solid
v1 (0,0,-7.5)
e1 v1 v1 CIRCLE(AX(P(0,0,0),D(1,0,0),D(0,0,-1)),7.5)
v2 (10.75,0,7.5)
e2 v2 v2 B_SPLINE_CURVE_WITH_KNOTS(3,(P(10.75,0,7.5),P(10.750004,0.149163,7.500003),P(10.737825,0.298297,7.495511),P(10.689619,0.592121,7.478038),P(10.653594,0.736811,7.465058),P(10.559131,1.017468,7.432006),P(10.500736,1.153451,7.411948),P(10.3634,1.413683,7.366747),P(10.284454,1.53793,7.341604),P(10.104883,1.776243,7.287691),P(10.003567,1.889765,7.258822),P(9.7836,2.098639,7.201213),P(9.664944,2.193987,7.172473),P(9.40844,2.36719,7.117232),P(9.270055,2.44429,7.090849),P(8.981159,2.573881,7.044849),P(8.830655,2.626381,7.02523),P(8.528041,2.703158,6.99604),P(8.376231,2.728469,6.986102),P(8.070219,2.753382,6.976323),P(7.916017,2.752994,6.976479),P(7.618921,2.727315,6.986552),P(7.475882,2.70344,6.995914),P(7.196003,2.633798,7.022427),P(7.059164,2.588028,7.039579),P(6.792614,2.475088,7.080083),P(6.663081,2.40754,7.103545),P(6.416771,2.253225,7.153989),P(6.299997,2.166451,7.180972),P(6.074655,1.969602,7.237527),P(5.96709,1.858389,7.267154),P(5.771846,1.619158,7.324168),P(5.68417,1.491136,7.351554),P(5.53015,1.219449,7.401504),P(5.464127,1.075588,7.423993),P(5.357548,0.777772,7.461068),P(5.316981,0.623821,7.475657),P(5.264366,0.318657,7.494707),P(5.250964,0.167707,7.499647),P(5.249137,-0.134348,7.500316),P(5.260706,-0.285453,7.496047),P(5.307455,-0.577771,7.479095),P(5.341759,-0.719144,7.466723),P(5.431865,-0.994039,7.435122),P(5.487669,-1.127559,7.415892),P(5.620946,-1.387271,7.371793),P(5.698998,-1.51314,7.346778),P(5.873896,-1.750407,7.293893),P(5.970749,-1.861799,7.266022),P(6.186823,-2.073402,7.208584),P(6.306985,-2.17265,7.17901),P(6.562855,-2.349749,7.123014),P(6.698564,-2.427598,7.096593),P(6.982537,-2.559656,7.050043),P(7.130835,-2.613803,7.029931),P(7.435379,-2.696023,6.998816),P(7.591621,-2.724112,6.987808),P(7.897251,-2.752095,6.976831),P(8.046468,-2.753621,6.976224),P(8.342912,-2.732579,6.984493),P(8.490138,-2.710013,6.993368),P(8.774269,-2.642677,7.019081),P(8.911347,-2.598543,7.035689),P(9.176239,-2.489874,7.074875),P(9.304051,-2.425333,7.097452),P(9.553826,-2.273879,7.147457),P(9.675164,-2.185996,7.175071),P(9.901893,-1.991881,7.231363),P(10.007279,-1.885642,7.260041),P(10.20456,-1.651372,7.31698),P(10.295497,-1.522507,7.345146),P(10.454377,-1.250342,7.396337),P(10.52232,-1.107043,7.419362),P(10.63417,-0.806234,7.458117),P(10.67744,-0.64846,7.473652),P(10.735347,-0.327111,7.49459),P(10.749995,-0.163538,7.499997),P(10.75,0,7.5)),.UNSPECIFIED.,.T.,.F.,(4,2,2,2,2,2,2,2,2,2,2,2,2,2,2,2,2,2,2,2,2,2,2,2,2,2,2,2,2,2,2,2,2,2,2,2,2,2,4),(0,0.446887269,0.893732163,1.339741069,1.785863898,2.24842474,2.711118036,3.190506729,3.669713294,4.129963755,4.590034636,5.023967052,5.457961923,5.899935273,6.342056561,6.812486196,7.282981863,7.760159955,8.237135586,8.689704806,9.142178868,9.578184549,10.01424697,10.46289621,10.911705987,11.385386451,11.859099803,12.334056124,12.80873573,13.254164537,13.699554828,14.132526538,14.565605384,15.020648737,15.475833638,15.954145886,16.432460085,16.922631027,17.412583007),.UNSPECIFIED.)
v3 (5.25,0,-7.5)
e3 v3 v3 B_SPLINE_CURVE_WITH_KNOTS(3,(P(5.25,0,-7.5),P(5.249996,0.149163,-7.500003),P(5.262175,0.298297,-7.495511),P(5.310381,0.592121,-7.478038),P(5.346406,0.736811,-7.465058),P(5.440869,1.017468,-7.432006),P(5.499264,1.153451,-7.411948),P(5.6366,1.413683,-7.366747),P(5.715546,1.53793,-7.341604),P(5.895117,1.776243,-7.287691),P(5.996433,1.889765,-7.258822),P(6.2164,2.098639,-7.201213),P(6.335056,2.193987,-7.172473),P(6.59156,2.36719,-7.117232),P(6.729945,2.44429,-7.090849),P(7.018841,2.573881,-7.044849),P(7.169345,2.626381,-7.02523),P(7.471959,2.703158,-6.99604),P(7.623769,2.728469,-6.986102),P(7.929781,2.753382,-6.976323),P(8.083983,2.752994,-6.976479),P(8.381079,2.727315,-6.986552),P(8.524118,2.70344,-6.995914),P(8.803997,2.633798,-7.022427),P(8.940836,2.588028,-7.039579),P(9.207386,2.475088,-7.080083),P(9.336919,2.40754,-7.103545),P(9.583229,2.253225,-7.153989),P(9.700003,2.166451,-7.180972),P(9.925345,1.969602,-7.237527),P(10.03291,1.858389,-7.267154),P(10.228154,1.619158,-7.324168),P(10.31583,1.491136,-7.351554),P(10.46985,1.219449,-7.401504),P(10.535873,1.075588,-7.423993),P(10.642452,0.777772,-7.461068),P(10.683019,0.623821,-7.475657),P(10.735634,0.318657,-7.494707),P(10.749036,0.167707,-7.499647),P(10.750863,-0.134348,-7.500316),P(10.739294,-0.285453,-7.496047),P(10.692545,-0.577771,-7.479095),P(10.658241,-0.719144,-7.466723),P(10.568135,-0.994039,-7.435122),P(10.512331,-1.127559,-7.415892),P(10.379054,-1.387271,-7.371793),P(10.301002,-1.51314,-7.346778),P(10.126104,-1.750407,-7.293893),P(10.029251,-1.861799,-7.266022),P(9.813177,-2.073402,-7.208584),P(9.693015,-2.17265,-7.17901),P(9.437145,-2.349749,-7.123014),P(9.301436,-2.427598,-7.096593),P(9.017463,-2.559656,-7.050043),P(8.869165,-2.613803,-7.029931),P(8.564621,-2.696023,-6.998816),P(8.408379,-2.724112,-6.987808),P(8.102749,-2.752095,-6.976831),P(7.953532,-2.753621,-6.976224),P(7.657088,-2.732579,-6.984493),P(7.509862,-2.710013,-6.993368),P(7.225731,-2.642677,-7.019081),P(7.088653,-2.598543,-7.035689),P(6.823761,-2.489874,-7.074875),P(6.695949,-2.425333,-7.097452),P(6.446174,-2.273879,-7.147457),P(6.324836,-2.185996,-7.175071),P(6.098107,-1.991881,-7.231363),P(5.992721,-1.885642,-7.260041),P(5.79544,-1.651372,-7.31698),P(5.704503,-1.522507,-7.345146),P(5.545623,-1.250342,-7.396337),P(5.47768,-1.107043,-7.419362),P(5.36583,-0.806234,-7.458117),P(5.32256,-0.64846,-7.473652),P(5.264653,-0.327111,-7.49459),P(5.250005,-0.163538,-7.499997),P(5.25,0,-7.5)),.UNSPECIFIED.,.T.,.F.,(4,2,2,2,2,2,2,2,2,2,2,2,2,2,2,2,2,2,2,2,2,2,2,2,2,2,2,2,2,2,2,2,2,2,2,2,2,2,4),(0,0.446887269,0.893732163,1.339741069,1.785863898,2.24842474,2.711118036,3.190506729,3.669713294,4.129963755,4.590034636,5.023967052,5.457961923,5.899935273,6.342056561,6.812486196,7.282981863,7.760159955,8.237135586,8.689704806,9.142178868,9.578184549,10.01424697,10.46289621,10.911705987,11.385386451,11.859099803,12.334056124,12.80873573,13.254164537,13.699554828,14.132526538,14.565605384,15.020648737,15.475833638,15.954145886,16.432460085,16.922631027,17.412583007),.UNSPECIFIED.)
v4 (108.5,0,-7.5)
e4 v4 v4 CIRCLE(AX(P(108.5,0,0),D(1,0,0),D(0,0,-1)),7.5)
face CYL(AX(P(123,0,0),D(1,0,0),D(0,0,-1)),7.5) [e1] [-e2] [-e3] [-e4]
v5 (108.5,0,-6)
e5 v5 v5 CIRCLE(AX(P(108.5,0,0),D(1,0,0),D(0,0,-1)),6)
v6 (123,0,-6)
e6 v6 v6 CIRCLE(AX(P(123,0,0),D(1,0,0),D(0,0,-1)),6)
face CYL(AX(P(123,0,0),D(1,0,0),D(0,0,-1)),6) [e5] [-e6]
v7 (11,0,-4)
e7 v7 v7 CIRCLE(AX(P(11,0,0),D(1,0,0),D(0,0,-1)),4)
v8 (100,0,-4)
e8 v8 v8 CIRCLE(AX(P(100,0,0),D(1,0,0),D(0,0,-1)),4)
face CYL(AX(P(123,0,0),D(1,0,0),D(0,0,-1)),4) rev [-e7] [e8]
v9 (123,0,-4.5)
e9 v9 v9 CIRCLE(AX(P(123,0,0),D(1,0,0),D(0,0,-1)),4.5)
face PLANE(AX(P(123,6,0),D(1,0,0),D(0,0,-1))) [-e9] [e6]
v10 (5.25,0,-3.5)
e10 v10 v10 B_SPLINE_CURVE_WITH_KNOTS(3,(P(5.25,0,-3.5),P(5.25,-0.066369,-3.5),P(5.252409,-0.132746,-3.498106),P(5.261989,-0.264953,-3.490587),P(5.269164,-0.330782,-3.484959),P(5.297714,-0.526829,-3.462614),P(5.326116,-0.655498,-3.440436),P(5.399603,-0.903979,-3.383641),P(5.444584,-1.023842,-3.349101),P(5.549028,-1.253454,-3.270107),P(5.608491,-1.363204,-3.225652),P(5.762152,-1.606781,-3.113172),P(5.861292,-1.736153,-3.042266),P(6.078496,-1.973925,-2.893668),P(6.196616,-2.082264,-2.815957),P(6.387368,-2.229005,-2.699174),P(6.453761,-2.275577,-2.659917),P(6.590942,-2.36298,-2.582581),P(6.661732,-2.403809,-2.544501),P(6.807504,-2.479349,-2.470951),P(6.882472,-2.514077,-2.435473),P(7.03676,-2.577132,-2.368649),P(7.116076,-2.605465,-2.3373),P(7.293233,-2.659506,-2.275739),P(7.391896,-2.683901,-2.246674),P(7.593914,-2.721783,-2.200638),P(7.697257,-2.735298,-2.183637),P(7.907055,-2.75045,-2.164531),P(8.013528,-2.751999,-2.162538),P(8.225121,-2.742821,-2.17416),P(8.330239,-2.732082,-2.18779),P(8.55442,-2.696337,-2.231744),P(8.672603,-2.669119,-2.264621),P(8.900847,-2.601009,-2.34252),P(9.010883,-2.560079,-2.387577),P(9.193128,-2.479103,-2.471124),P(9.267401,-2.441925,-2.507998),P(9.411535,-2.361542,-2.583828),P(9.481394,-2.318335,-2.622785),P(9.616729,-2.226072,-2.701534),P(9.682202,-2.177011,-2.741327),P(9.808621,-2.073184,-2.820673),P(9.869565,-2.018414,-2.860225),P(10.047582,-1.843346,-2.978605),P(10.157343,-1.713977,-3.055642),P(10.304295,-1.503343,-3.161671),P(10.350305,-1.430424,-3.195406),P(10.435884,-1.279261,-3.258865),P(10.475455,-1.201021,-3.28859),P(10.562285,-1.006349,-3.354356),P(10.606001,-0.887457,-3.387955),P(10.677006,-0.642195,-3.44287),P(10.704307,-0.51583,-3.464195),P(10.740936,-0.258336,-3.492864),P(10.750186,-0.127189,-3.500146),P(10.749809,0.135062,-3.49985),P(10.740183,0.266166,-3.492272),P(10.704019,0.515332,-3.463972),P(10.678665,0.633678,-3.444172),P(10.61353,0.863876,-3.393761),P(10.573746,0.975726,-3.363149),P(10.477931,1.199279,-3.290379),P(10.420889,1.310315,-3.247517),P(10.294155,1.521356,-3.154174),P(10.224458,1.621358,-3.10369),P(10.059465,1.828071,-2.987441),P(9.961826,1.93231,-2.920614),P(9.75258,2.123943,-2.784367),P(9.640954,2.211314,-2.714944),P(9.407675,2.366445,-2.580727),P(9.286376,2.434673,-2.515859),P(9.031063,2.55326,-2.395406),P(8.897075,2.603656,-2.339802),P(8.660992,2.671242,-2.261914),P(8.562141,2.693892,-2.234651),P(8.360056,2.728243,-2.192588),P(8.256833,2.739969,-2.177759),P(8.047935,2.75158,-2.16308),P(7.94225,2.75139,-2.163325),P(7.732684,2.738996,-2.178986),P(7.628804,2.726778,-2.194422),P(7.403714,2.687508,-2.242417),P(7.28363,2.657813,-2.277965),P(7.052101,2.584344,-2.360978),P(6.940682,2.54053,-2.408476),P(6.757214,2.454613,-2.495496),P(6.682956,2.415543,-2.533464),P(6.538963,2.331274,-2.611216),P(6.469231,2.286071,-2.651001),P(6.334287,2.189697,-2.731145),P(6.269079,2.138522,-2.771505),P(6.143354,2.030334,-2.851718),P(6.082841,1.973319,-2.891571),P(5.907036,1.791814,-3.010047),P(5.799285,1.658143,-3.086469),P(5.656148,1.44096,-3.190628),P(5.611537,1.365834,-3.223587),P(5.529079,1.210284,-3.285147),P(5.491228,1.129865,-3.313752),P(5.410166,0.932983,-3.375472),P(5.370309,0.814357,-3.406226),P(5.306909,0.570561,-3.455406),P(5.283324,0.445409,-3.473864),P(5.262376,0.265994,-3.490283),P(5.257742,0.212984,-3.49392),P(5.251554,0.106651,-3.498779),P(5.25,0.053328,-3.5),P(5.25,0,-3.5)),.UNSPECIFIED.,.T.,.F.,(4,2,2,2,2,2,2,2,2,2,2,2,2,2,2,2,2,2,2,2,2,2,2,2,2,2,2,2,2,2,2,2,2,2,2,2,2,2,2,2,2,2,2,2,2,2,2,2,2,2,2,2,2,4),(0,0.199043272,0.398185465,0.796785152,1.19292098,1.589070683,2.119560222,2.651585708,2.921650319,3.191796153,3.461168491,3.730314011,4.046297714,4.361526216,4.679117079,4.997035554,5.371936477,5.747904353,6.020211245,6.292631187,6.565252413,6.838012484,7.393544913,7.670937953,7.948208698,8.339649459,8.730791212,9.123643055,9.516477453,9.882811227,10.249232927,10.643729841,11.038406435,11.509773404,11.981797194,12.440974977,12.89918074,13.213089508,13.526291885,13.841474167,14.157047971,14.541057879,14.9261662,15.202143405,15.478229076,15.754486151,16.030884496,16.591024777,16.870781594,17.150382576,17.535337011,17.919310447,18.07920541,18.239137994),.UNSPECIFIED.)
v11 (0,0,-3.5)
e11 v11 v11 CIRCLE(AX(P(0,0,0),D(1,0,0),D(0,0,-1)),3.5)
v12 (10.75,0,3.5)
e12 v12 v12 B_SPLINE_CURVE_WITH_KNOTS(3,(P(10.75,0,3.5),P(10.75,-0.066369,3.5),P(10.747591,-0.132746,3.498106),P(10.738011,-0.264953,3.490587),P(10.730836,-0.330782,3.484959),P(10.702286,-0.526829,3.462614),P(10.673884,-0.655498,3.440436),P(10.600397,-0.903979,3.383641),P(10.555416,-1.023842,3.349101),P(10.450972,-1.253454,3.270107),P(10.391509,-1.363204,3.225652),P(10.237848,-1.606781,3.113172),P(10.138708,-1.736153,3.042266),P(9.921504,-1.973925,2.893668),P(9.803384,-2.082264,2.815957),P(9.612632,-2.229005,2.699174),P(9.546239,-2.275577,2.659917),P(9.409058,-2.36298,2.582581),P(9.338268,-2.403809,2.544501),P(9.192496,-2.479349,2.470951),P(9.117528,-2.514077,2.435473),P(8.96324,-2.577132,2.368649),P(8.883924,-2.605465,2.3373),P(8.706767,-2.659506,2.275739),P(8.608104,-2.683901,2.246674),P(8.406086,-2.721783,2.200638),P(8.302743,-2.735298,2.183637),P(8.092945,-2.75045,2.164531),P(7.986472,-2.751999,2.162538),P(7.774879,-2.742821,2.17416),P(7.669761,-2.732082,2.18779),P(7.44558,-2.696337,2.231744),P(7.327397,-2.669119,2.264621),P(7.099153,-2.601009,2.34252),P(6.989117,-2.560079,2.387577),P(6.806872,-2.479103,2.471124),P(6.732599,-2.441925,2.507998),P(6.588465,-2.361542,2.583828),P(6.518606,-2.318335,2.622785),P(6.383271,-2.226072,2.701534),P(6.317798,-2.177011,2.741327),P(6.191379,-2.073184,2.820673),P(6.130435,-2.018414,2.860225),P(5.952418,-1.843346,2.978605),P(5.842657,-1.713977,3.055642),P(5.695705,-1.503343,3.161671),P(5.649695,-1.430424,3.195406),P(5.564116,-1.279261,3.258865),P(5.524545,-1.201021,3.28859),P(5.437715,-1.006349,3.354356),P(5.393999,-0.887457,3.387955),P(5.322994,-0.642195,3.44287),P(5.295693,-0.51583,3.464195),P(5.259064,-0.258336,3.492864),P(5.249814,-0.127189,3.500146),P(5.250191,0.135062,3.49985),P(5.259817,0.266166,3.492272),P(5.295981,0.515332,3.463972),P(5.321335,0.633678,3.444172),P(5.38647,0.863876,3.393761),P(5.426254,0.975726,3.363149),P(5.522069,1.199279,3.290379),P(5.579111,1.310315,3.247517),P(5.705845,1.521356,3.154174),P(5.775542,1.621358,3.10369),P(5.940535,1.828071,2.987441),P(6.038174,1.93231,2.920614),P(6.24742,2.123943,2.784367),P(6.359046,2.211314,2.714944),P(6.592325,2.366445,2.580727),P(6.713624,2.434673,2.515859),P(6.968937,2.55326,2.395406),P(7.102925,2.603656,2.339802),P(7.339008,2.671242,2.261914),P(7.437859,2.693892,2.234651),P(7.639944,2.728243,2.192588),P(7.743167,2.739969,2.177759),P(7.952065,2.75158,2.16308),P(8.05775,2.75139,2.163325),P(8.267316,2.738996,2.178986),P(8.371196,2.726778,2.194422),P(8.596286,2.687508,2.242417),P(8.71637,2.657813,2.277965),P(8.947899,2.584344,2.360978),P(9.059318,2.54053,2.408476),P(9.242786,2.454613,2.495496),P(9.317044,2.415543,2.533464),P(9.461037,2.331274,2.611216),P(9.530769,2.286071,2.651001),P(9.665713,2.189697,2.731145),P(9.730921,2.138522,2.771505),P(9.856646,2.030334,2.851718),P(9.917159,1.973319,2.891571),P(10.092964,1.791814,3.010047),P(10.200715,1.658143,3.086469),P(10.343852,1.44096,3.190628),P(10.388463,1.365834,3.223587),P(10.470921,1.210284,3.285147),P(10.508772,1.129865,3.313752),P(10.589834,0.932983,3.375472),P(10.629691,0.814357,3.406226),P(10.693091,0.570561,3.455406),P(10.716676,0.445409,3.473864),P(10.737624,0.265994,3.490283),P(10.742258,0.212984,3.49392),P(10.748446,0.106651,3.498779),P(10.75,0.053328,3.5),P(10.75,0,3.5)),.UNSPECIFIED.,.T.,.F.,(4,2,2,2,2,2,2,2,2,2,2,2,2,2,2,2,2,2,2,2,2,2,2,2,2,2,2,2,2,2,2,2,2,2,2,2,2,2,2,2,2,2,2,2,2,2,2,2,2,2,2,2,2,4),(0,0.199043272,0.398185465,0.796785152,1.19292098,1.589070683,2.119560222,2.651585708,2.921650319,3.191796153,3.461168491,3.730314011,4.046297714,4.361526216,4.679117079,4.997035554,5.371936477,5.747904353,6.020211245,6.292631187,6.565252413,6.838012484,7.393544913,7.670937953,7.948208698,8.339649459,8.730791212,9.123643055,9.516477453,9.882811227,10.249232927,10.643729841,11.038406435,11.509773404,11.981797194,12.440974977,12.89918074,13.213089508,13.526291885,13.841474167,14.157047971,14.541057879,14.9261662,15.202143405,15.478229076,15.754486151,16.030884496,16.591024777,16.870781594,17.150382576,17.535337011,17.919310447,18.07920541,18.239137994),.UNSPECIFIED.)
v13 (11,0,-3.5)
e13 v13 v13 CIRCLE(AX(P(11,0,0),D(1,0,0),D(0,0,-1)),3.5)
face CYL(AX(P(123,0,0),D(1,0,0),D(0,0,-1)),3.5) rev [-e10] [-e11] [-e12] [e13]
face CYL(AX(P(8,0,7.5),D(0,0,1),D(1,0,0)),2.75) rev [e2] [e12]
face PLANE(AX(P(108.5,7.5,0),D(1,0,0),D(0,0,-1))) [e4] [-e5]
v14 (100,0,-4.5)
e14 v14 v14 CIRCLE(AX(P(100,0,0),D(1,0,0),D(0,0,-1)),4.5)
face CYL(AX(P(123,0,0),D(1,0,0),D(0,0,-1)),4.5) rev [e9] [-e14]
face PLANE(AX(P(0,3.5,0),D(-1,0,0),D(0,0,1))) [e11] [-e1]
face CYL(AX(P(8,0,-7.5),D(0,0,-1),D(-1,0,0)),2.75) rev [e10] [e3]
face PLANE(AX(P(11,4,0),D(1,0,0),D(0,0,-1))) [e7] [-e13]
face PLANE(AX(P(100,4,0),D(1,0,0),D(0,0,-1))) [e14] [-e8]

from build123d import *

# Parameters (mm, degrees)
FURO_DE_DI_METRO_5_5_5_5_1_REACH  = 126.138
FURO_DE_DI_METRO_5_5_5_5_1_BORE_R = 2.75


with BuildPart() as part:
    # Esboço1 → Revolução1 (revolve)
    with BuildSketch(Plane.XY, mode=Mode.PRIVATE) as revolu_o1_sk:
        Polygon((0, 3.5), (0, 7.5), (108.5, 7.5), (108.5, 6), (123, 6), (123, 4.5), (100, 4.5), (100, 4), (11, 4), (11, 3.5), align=None)
    revolve(revolu_o1_sk.sketch.rotate(Axis((123, 0, 0), (-1, 0, 0)), 90), axis=Axis((123, 0, 0), (-1, 0, 0)))

    # Furo de diâmetro Ø5.5 (5.5)1 bore → Furo de diâmetro Ø5.5 (5.5)1 (cut, up to next)
    with BuildSketch(Plane(origin=(0, 0, -7.5), x_dir=(-1, 0, 0), z_dir=(0, 0, -1)), mode=Mode.PRIVATE) as furo_de_di_metro_5_5_5_5_1_sk1:
        with Locations((-8, 0)):
            Circle(FURO_DE_DI_METRO_5_5_5_5_1_BORE_R)
    furo_de_di_metro_5_5_5_5_1_tool1 = extrude(furo_de_di_metro_5_5_5_5_1_sk1.sketch, amount=-FURO_DE_DI_METRO_5_5_5_5_1_REACH, mode=Mode.PRIVATE) & part.part
    furo_de_di_metro_5_5_5_5_1 = furo_de_di_metro_5_5_5_5_1_tool1.solids().sort_by_distance((8, 0, -7.5))[0]
    add(furo_de_di_metro_5_5_5_5_1, mode=Mode.SUBTRACT)

    # Espelhar1: Furo de diâmetro Ø5.5 (5.5)1 across plane
    add(furo_de_di_metro_5_5_5_5_1.mirror(Plane.XY), mode=Mode.SUBTRACT)


solid = part.part
